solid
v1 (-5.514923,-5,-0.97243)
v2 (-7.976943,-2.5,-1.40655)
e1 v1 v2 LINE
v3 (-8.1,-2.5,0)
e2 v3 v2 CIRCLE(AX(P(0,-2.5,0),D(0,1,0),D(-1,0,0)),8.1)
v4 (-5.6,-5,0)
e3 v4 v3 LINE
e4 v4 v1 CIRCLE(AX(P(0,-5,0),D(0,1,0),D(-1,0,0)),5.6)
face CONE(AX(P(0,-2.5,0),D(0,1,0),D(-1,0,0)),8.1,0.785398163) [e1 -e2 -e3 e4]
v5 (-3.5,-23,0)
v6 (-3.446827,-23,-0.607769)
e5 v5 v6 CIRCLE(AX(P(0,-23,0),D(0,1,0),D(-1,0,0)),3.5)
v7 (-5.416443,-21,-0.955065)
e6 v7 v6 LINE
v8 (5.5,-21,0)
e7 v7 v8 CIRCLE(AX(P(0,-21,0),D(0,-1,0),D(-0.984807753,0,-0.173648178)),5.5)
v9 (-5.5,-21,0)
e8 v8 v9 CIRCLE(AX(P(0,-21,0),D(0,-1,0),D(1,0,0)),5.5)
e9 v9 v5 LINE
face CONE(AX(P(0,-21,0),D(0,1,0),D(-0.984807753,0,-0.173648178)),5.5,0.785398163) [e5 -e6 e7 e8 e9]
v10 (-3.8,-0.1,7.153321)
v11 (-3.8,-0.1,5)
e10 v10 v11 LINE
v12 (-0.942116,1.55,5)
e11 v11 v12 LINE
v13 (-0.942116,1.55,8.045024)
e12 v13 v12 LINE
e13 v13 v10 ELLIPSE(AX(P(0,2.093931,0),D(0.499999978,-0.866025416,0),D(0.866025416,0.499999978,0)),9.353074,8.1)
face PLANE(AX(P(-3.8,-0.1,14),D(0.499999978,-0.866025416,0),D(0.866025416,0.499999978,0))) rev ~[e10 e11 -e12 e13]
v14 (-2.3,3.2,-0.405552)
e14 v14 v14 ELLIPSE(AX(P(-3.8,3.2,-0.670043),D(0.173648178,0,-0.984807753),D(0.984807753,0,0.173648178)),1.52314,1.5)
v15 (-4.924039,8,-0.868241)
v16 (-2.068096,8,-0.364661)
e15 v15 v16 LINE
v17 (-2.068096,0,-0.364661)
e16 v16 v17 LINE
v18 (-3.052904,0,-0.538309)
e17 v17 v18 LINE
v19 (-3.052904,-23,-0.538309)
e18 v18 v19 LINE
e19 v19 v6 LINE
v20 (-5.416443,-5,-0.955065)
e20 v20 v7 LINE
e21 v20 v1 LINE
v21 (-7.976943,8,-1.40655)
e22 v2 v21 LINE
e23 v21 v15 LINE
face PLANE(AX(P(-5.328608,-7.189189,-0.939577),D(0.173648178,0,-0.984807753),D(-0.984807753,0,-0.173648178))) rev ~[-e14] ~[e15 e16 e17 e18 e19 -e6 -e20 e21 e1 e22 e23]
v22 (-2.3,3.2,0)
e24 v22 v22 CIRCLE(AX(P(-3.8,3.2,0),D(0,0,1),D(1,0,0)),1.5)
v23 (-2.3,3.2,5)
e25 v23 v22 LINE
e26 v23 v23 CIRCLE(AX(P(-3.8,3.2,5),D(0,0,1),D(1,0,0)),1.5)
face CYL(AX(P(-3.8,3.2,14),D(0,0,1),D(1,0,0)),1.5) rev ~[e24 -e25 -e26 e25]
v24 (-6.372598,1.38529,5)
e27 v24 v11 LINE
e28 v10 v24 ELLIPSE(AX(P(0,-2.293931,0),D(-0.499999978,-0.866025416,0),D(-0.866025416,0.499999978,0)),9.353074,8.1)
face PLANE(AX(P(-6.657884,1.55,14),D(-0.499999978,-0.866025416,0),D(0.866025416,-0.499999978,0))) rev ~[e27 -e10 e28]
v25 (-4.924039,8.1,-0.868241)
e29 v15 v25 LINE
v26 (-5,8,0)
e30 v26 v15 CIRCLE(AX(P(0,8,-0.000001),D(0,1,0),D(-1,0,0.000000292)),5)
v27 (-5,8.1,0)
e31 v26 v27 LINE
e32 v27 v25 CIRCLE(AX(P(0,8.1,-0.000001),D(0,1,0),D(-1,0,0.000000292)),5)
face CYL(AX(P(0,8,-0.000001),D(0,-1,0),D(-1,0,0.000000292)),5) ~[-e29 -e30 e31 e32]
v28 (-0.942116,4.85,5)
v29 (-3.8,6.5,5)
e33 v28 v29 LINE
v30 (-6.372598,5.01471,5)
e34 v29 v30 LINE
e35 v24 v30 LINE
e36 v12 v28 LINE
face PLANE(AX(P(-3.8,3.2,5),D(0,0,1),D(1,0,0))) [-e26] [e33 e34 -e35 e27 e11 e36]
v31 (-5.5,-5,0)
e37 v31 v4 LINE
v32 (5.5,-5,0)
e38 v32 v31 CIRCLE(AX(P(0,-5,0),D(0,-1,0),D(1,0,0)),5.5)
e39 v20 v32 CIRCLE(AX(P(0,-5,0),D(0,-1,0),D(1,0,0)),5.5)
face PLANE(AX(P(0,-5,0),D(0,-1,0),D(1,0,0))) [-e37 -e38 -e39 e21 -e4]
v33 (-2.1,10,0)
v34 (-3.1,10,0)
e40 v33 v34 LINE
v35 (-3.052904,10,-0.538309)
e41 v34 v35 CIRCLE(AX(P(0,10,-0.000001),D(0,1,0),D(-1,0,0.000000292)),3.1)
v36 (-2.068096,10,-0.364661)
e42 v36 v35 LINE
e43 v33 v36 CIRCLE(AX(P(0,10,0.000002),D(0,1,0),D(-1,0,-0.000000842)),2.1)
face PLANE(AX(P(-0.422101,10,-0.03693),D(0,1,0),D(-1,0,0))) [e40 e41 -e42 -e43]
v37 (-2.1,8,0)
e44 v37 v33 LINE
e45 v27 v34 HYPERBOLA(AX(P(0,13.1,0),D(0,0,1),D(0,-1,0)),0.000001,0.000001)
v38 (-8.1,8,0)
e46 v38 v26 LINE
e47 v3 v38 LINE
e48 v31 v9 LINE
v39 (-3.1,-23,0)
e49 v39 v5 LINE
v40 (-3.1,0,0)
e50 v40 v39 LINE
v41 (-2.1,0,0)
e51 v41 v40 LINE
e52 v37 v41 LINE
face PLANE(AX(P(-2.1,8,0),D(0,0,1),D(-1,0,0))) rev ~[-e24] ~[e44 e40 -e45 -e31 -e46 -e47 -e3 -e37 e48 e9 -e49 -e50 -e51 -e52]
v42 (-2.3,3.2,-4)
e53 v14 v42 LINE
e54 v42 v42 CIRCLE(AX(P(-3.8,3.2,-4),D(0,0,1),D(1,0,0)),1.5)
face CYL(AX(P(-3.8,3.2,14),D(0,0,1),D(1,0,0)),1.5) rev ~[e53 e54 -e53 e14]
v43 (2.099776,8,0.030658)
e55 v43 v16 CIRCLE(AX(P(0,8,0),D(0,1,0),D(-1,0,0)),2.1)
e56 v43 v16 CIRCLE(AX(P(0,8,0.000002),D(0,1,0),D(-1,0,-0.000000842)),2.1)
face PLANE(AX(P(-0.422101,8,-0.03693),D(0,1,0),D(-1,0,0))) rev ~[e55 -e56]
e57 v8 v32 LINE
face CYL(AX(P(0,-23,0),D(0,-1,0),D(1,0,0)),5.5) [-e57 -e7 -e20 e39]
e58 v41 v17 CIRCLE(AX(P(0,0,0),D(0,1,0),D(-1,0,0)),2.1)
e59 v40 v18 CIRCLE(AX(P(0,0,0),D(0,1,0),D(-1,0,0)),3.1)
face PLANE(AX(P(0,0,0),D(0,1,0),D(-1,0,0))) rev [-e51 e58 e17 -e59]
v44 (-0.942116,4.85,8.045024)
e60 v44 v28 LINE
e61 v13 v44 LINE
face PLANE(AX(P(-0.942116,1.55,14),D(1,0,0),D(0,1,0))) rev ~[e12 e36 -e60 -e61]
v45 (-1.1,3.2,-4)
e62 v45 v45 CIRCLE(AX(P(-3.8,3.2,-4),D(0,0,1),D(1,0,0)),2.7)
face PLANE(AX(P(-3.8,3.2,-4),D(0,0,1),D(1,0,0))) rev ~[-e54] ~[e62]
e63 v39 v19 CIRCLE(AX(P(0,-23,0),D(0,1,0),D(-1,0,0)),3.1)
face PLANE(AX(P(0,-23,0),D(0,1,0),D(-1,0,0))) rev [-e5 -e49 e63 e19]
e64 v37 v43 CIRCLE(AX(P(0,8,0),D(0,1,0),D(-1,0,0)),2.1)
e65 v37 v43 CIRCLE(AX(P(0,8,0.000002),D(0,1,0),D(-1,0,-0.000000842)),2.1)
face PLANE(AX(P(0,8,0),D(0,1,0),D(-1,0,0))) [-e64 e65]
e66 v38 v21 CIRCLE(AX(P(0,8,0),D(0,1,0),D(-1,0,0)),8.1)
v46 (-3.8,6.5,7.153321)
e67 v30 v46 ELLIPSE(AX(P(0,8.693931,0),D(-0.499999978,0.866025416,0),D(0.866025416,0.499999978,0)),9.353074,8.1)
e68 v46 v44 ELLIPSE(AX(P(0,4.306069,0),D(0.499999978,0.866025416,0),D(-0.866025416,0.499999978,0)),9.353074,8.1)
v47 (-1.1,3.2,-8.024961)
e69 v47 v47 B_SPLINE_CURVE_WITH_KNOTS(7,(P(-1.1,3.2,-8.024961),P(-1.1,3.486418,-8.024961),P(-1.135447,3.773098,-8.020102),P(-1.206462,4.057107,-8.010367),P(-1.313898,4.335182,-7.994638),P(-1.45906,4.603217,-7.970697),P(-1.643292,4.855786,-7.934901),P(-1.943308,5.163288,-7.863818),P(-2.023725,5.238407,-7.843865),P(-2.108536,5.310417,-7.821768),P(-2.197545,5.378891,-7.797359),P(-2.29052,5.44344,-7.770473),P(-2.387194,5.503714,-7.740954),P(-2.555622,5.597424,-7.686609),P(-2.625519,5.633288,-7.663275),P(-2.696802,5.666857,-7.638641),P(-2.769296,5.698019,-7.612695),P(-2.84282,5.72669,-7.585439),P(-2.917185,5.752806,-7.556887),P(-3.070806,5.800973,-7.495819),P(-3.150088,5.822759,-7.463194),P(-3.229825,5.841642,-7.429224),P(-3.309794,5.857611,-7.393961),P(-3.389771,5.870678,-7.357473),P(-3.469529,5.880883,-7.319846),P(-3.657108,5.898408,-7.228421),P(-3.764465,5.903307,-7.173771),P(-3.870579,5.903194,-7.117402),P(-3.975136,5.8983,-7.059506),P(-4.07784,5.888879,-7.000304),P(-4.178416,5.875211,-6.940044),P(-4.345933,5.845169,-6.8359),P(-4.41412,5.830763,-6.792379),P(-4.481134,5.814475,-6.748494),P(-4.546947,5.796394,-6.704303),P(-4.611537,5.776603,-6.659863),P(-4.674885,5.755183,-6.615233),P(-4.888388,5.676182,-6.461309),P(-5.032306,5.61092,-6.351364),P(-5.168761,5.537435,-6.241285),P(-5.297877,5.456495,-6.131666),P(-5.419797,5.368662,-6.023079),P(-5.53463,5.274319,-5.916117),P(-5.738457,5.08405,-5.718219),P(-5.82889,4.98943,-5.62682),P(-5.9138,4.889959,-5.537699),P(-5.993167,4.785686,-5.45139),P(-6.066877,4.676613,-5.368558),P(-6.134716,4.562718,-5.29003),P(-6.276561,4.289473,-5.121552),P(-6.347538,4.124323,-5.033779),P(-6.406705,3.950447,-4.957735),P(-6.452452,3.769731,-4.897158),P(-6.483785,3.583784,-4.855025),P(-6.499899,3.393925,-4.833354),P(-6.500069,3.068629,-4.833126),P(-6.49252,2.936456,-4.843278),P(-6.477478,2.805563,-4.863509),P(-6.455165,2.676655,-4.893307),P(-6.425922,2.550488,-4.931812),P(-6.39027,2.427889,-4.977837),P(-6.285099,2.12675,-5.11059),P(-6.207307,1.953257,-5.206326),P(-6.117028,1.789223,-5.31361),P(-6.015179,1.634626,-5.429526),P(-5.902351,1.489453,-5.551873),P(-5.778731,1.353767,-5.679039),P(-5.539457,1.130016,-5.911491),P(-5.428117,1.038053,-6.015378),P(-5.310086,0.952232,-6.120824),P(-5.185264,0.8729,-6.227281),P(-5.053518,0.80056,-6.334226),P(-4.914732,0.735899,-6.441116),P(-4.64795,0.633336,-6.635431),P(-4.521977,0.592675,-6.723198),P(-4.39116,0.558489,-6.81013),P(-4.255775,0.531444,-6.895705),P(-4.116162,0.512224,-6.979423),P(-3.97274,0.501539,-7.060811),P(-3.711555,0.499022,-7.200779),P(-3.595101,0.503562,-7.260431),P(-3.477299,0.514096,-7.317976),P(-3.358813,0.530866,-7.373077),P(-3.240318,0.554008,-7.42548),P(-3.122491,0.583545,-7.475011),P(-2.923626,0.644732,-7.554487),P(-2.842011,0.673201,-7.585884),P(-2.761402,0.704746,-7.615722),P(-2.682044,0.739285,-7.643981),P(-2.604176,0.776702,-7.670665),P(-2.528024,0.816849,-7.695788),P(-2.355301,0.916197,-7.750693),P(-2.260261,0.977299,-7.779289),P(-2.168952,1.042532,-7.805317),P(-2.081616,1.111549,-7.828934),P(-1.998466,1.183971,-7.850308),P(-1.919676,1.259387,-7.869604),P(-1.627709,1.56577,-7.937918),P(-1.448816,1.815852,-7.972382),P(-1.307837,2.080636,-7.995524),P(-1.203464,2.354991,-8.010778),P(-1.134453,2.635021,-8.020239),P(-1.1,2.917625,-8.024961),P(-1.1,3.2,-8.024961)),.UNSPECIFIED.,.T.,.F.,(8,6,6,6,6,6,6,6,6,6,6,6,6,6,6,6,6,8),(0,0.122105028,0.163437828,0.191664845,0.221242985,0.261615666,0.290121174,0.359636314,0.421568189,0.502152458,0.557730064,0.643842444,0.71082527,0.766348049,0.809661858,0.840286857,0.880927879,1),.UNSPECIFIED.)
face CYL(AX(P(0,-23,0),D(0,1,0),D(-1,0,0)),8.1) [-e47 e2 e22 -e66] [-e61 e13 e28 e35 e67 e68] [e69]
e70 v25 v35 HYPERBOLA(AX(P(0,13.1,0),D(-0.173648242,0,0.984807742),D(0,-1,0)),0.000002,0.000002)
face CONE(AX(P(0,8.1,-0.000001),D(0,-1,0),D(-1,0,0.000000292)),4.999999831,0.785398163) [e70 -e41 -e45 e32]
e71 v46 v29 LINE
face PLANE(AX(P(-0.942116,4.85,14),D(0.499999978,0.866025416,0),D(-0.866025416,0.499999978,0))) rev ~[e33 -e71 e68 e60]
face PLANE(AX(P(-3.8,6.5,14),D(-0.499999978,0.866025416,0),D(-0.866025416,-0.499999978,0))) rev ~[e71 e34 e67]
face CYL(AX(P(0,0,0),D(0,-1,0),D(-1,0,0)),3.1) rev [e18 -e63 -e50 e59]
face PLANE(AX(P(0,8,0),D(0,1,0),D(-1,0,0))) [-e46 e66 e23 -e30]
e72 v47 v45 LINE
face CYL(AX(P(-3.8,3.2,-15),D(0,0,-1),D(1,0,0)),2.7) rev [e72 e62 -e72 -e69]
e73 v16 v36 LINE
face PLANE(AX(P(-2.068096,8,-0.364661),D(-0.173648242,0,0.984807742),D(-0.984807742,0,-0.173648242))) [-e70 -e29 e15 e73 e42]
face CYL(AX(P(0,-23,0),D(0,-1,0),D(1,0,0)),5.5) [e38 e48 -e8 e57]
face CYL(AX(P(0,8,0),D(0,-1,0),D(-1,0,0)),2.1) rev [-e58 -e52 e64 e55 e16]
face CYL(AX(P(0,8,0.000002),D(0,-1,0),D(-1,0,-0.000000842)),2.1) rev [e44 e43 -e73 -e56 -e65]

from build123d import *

# Parameters (mm, degrees)
REVOLUTION_ANGLE = 350
SKETCH002_R      = 1.5
POCKET_DEPTH     = 22.101
POCKET001_DEPTH  = 9
SKETCH003_R      = 2.7
POCKET002_DEPTH  = 11
SKETCH004_R      = 8.1
SKETCH004_R_2    = 5.5
POCKET003_DEPTH  = 18
CHAMFER_SIZE     = 2.5
CHAMFER001_SIZE  = 2
PAD_DEPTH        = 2
CHAMFER002_SIZE  = 1.9


with BuildPart() as part:
    # Sketch → Revolution (revolve)
    with BuildSketch(Plane.XY):
        Polygon((-2.1, 8), (-2.1, 0), (-3.1, 0), (-3.1, -23), (-8.1, -23), (-8.1, 8), align=None)
    revolve(axis=Axis((0, 0, 0), (0, 1, 0)), revolution_arc=REVOLUTION_ANGLE)

    # Sketch002 (on DatumPlane) → Pocket (cut, through all)
    with BuildSketch(Plane.XY.offset(14)):
        with Locations((-3.8, 3.2)):
            Circle(SKETCH002_R)
    extrude(amount=-POCKET_DEPTH, mode=Mode.SUBTRACT)

    # Sketch001 (on DatumPlane) → Pocket001 (cut)
    with BuildSketch(Plane.XY.offset(14)):
        Polygon((-3.8, -0.1), (-0.942116, 1.55), (-0.942116, 4.85), (-3.8, 6.5), (-6.657884, 4.85), (-6.657884, 1.55), align=None)
    extrude(amount=-POCKET001_DEPTH, mode=Mode.SUBTRACT)

    # Sketch003 (on DatumPlane) → Pocket002 (cut)
    with BuildSketch(Plane.XY.offset(-15)):
        with Locations((-3.8, 3.2)):
            Circle(SKETCH003_R)
    extrude(amount=POCKET002_DEPTH, mode=Mode.SUBTRACT)

    # Sketch004 (on Face8 of Pocket002) → Pocket003 (cut)
    with BuildSketch(Plane.XZ.offset(23)):
        Circle(SKETCH004_R)
        Circle(SKETCH004_R_2, mode=Mode.SUBTRACT)
    extrude(amount=-POCKET003_DEPTH, mode=Mode.SUBTRACT)

    # Chamfer
    chamfer_edges = [part.edges().sort_by_distance(p)[0] for p in [
        (0.705962, -5, -8.069177),
    ]]
    chamfer(chamfer_edges, length=CHAMFER_SIZE)

    # Chamfer001
    chamfer001_edges = [part.edges().sort_by_distance(p)[0] for p in [
        (0.479357, -23, -5.479071),
    ]]
    chamfer(chamfer001_edges, length=CHAMFER001_SIZE)

    # Sketch005 (on Face10 of Chamfer001) → Pad (join)
    with BuildSketch(Plane(origin=(0, 8, 0), x_dir=(-1, 0, 0), z_dir=(0, 1, 0))):
        with BuildLine():
            ThreePointArc((5, 0), (-4.980973, 0.435779), (4.924039, -0.868241))
            Line((2.068096, -0.364661), (4.924039, -0.868241))
            ThreePointArc((2.1, 0), (-2.092009, 0.183027), (2.068096, -0.364661))
            Line((2.1, 0), (5, 0))
        make_face()
    extrude(amount=PAD_DEPTH)

    # Chamfer002
    chamfer002_edges = [part.edges().sort_by_distance(p)[0] for p in [
        (4.980973, 10, 0.435779),
    ]]
    chamfer(chamfer002_edges, length=CHAMFER002_SIZE)


solid = part.part
